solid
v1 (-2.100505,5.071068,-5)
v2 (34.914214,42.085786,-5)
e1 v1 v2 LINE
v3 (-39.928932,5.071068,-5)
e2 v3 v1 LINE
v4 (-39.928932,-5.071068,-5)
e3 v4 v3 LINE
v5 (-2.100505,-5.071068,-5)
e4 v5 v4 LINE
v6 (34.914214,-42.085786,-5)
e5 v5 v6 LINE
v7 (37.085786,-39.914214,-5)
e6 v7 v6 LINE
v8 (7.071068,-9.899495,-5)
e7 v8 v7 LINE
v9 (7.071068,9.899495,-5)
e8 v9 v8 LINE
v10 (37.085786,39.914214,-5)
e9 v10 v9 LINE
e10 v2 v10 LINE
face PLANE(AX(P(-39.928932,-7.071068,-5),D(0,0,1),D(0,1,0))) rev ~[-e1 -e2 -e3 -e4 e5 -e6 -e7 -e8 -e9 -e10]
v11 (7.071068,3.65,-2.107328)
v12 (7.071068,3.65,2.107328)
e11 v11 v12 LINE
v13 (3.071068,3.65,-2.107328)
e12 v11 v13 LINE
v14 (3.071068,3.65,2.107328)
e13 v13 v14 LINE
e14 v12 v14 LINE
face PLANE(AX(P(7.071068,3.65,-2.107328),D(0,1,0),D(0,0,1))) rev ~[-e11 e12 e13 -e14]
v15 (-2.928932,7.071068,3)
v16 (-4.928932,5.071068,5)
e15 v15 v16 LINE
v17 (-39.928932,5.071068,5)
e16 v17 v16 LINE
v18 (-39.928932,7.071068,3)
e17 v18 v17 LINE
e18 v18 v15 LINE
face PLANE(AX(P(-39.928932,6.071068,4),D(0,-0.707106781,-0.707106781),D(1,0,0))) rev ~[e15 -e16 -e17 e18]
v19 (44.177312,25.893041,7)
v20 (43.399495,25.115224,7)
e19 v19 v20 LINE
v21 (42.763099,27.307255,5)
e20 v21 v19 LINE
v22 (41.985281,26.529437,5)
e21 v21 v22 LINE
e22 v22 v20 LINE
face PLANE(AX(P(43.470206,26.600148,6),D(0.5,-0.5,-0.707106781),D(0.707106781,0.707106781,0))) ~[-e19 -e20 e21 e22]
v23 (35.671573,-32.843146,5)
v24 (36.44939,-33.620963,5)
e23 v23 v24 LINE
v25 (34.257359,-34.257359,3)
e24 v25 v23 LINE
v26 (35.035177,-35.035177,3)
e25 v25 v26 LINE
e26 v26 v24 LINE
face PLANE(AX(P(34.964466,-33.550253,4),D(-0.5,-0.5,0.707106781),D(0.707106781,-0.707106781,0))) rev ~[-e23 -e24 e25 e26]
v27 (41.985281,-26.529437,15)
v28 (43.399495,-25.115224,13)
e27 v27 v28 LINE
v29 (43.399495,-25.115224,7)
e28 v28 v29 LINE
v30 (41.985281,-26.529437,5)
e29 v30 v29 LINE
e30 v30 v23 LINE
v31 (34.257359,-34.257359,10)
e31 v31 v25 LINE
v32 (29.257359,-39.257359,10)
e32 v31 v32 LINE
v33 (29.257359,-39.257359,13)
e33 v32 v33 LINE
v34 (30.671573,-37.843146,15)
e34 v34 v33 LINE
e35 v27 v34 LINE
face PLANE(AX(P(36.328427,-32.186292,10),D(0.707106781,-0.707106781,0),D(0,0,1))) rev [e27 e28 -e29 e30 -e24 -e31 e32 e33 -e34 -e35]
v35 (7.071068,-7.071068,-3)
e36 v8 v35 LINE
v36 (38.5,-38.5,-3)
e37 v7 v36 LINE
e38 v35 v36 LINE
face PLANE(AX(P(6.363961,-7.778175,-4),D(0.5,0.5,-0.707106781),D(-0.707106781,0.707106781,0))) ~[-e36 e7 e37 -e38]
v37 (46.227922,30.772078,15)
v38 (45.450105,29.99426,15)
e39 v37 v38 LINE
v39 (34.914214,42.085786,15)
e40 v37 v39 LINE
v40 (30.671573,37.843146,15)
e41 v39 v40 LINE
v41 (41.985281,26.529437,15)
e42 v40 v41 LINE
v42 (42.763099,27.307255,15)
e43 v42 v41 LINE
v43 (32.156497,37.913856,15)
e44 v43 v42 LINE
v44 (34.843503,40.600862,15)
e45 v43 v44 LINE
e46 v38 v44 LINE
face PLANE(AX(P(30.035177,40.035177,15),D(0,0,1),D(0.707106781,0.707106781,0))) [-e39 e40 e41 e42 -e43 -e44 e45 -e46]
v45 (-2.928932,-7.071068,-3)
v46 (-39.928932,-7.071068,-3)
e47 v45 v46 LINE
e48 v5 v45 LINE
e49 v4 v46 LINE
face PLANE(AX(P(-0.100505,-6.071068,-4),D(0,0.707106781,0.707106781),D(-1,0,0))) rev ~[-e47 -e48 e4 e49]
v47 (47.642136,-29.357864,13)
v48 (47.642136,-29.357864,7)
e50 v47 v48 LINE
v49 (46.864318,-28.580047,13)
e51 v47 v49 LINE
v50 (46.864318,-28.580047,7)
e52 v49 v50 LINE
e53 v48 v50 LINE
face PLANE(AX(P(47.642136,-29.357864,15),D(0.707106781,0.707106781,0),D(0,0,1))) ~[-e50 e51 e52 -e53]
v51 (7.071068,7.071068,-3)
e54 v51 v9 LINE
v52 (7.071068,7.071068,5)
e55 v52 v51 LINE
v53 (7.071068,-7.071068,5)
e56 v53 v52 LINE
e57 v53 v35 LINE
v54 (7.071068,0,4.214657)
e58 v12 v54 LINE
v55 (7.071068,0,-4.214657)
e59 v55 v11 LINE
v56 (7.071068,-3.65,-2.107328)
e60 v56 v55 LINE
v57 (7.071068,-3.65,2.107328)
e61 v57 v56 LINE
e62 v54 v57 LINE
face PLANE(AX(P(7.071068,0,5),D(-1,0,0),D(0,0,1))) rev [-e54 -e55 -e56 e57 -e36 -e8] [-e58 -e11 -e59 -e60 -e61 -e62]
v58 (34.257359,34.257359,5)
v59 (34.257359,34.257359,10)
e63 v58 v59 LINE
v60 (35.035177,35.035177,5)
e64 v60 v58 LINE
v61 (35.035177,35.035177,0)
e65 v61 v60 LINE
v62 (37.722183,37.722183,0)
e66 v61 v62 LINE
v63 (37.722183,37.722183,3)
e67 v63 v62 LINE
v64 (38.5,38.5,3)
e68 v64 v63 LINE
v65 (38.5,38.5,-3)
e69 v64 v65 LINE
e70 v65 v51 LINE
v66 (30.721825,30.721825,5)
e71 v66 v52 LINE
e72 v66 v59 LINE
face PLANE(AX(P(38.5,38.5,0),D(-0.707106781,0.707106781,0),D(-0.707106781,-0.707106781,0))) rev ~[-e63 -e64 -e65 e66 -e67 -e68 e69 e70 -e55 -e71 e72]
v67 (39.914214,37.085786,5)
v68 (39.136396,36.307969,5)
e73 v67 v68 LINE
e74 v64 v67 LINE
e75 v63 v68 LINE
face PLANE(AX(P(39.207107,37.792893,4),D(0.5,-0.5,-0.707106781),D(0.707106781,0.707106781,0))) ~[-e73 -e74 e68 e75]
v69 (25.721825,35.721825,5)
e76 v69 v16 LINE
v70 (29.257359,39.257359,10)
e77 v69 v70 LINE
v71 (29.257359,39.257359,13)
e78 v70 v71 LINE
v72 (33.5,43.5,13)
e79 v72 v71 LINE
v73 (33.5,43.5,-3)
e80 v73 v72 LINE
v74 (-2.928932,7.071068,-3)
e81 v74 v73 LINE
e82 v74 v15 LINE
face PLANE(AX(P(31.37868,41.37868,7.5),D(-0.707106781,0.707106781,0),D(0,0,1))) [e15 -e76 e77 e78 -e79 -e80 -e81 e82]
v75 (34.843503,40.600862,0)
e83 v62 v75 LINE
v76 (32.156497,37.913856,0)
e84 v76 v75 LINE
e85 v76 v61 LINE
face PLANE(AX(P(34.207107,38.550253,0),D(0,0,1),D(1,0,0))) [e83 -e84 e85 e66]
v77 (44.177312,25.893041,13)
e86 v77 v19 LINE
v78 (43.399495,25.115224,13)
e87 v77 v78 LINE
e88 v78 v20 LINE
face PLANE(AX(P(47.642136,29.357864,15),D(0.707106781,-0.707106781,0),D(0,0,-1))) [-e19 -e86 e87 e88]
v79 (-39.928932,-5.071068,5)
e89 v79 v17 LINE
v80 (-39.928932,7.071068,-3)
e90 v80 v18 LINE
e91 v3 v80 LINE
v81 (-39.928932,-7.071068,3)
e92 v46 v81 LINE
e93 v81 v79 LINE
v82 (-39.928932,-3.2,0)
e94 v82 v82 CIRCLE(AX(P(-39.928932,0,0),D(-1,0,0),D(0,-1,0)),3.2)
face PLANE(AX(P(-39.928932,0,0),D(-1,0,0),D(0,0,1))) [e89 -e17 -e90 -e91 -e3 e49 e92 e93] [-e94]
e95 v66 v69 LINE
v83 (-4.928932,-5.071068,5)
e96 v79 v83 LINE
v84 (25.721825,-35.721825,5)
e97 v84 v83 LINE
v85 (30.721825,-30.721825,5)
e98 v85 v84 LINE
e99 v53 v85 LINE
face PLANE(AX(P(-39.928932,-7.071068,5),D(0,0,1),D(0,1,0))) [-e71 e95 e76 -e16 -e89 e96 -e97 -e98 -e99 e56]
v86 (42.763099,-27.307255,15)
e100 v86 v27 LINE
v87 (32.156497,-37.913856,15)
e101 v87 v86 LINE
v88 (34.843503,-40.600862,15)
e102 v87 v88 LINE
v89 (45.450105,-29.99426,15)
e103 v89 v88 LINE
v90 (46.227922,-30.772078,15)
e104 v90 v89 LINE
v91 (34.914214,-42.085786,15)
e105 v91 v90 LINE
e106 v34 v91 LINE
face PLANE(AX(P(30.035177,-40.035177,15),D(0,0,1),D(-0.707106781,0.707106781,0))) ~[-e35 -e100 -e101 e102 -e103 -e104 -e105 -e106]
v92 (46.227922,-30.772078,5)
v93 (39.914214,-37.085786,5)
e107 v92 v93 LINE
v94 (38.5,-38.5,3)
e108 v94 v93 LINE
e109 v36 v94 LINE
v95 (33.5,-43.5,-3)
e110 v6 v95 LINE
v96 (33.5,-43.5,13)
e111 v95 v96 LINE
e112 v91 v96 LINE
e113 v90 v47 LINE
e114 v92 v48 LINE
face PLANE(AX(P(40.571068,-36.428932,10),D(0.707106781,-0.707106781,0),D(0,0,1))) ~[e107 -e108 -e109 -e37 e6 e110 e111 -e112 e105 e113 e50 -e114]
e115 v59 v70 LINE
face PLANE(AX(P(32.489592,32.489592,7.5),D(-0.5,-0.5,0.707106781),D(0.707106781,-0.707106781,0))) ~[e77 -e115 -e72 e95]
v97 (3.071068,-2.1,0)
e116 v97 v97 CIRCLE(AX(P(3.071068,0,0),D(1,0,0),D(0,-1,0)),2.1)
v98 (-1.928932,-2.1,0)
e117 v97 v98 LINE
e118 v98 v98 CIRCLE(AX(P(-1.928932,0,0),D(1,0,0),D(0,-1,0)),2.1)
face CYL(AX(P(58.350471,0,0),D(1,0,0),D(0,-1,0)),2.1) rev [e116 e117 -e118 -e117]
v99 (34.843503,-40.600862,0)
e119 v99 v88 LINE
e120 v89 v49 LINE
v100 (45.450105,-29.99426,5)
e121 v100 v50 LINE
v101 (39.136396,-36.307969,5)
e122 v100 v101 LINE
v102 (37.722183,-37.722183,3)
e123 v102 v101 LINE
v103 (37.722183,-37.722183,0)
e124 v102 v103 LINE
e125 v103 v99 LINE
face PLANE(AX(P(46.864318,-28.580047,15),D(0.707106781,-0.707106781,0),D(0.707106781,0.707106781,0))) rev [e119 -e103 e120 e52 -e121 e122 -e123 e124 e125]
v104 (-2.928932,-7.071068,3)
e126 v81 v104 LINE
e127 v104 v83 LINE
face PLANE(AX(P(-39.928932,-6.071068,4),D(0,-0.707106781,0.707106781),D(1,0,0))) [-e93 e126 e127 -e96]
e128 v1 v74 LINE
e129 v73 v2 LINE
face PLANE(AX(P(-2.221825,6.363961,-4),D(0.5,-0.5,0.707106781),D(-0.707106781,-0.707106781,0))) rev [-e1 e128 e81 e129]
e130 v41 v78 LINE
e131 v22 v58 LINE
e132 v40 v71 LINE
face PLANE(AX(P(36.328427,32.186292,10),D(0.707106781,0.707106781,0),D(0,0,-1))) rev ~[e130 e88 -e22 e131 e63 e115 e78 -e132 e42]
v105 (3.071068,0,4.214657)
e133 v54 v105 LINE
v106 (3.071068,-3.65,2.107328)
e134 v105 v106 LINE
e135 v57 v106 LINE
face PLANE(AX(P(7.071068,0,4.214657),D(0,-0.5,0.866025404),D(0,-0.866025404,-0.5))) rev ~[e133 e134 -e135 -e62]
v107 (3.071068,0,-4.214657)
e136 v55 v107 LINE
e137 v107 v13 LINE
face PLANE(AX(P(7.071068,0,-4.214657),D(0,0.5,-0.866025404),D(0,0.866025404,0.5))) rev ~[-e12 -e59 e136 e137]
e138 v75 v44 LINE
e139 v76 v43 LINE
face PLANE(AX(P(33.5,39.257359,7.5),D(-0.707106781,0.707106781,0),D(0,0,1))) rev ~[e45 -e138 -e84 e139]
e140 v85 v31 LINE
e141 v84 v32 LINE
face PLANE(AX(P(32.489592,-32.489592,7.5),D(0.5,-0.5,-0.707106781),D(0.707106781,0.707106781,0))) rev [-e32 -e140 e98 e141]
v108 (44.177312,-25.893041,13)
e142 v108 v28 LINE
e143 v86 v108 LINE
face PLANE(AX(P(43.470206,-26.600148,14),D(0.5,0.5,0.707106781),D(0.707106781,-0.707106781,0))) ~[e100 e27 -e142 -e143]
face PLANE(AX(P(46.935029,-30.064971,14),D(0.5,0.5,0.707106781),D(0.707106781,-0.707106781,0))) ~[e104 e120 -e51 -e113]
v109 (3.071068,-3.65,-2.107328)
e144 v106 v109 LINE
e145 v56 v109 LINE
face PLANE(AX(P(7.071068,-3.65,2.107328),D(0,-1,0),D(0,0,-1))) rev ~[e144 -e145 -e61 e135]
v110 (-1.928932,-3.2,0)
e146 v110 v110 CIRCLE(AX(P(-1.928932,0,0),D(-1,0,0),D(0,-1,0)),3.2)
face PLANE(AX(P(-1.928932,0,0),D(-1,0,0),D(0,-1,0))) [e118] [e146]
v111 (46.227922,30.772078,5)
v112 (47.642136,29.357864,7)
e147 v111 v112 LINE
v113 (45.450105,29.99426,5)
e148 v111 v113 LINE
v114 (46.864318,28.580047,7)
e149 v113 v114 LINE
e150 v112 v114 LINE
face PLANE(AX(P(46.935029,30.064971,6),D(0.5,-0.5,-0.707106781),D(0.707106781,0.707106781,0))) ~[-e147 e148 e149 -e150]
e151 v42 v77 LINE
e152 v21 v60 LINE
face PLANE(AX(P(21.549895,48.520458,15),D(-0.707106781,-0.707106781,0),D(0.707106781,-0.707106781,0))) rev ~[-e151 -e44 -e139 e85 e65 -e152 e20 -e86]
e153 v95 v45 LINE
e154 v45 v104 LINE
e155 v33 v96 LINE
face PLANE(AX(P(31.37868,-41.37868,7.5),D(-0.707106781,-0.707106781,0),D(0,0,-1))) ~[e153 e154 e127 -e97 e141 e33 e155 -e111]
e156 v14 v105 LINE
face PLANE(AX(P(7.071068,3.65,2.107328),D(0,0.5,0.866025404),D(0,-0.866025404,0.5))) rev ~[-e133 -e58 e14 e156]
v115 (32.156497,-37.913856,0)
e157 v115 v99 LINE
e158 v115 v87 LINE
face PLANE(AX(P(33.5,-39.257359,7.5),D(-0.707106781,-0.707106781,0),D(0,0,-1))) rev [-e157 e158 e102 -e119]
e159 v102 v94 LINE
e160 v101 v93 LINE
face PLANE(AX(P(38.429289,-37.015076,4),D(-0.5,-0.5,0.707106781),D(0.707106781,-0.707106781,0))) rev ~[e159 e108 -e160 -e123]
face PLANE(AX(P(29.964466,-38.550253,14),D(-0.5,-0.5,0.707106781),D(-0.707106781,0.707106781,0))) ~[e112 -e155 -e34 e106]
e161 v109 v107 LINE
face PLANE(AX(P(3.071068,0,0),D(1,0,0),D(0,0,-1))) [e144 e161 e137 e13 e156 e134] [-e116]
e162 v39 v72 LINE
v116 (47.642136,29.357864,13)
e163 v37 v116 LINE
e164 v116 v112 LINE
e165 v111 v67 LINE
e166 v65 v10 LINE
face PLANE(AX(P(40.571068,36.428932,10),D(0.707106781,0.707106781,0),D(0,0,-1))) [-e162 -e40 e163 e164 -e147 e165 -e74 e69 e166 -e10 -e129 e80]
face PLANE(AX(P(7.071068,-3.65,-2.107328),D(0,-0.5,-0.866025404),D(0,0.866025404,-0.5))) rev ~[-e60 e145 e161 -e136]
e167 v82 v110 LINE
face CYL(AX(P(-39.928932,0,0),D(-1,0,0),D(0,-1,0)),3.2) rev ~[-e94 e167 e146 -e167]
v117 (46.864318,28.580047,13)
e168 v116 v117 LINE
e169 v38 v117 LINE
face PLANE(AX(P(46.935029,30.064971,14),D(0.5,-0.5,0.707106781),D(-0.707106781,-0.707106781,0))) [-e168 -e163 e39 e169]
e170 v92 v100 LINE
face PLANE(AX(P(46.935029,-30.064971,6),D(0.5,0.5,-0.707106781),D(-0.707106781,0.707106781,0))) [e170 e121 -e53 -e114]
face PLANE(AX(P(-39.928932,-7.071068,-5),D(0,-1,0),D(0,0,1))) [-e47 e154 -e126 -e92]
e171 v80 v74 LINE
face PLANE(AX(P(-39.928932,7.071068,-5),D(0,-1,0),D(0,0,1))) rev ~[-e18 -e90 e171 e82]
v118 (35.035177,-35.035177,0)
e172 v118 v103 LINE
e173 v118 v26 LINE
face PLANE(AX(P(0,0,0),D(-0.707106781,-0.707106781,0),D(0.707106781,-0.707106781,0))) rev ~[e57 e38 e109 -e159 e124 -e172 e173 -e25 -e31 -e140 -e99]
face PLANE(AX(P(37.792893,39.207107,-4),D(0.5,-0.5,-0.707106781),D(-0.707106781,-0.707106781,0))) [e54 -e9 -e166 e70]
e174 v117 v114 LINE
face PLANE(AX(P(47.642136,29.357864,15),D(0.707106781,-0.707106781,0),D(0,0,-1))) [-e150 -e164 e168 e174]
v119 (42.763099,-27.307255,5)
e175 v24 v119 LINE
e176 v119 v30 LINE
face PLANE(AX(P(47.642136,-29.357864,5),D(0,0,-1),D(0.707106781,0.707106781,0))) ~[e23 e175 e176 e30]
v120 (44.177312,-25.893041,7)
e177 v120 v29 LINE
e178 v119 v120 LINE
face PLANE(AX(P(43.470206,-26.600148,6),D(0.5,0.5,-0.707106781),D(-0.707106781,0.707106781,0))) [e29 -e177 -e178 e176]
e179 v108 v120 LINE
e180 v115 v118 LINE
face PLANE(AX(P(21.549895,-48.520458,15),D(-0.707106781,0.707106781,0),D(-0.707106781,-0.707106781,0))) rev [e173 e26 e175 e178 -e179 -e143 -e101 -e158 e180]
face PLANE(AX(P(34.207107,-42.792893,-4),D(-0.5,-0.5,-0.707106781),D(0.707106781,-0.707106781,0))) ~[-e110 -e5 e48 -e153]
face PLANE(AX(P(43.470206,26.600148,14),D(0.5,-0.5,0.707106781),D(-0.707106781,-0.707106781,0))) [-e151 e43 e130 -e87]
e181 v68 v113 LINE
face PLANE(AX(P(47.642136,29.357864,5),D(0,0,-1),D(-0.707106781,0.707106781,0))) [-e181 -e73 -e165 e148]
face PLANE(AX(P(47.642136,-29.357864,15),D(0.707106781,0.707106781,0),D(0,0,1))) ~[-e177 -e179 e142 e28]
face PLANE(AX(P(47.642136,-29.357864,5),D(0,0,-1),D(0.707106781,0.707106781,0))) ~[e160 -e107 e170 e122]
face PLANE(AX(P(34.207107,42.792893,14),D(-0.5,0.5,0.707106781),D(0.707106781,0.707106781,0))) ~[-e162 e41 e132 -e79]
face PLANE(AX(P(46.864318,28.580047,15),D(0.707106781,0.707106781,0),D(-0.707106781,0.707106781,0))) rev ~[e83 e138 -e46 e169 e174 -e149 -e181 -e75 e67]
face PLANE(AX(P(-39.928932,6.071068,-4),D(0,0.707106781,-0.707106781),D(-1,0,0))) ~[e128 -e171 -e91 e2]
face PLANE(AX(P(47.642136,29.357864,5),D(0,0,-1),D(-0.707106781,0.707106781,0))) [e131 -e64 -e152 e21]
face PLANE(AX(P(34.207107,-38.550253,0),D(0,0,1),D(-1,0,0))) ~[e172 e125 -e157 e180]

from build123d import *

# Parameters (mm, degrees)
EXTRUDE_1_DEPTH          = 5
CHAMFER_1_SIZE           = 10
CUT_EXTRUDE_1_DEPTH      = 61.279402969
CUT_EXTRUDE_1_DEPTH_BACK = 61.279402969
SKETCH_2_R               = 2.1
EXTRUDE_START            = 37
SKETCH_3_W               = 10
SKETCH_3_H               = 14.142135624
SKETCH_3_R               = 2.1
EXTRUDE_2_DEPTH          = 37
SKETCH_4_W               = 10
SKETCH_4_H               = 20
EXTRUDE_3_DEPTH          = 6
SKETCH_6_W               = 10
SKETCH_6_H               = 32
EXTRUDE_5_DEPTH          = 6
CUT_EXTRUDE_2_DEPTH      = 15
CUT_EXTRUDE_3_DEPTH      = 72.219678224
SKETCH_10_W              = 15
SKETCH_10_H              = 3.8
EXTRUDE_6_DEPTH          = 3
CHAMFER_2_SIZE           = 2
CHAMFER_3_SIZE           = 2
CHAMFER_4_SIZE           = 5
CHAMFER_5_SIZE           = 2
SKETCH_12_R              = 3.2
CUT_EXTRUDE_4_DEPTH      = 38
CUT_EXTRUDE_5_DEPTH      = 4


with BuildPart() as part:
    # 草图1 → 凸台-拉伸1 (new, symmetric)
    with BuildSketch(Plane.XY):
        Polygon((-10, 0), (33.5, 43.5), (38.5, 38.5), (0, 0), (38.5, -38.5), (33.5, -43.5), align=None)
    extrude(amount=EXTRUDE_1_DEPTH, both=True)

    # 倒角1
    chamfer_1_edges = [part.edges().sort_by_distance(p)[0] for p in [
        (-10, 0, 0),
        (0, 0, 0),
    ]]
    chamfer(chamfer_1_edges, length=CHAMFER_1_SIZE)

    # 草图2 → 切除-拉伸1 (cut, two sides: drawn at the far end of the back side and taken through both)
    with BuildSketch(Plane.ZY.offset(2.928932188).offset(-CUT_EXTRUDE_1_DEPTH_BACK)):
        with Locations(Location((0, 0, 0), (0, 0, 270))):
            Circle(SKETCH_2_R)
    extrude(amount=CUT_EXTRUDE_1_DEPTH + CUT_EXTRUDE_1_DEPTH_BACK, mode=Mode.SUBTRACT)

    # 草图3 → 凸台-拉伸2 (add)
    with BuildSketch(Plane.ZY.offset(2.928932188).offset(EXTRUDE_START)):
        Rectangle(SKETCH_3_W, SKETCH_3_H)
        with Locations(Location((0, 0, 0), (0, 0, 270))):
            Circle(SKETCH_3_R, mode=Mode.SUBTRACT)
    extrude(amount=-EXTRUDE_2_DEPTH)

    # 草图4 → 凸台-拉伸3 (add)
    with BuildSketch(Plane(origin=(38.5, 38.5, 0), x_dir=(0, 0, -1), z_dir=(0.7071067811865467, 0.7071067811865485, 0))):
        with Locations((-10, -2.928932188)):
            Rectangle(SKETCH_4_W, SKETCH_4_H)
    extrude_3 = extrude(amount=-EXTRUDE_3_DEPTH)

    # 草图6 → 凸台-拉伸5 (add)
    with BuildSketch(Plane(origin=(38.5, 38.5, 0), x_dir=(0, 0, -1), z_dir=(0.7071067811865467, 0.7071067811865485, 0))):
        with Locations((-10, 3.071067812)):
            Rectangle(SKETCH_6_W, SKETCH_6_H)
    extrude_5 = extrude(amount=-EXTRUDE_5_DEPTH)

    # 草图8 → 切除-拉伸2 (cut)
    with BuildSketch(Plane.XY.offset(15)):
        Polygon((21.549895398, 48.520458146), (44.177312396, 25.893041148), (46.864318164, 28.580046917), (24.236901166, 51.207463915), align=None)
    cut_extrude_2 = extrude(amount=-CUT_EXTRUDE_2_DEPTH, mode=Mode.SUBTRACT)

    # 草图9 → 切除-拉伸3 (cut, through all)
    with BuildSketch(Plane(origin=(0, 0, 5), x_dir=(-1, 0, 0), z_dir=(0, 0, -1))):
        Polygon((-32.722182541, 42.722182541), (-24.236901166, 51.207463915), (-25.014718626, 51.985281374), (-33.5, 43.5), align=None)
        Polygon((-21.549895398, 48.520458146), (-30.035176772, 40.035176772), (-29.257359313, 39.257359313), (-20.772077939, 47.742640687), align=None)
    cut_extrude_3 = extrude(amount=-CUT_EXTRUDE_3_DEPTH, mode=Mode.SUBTRACT)

    # 草图10 → 凸台-拉伸6 (add)
    with BuildSketch(Plane(origin=(-5, 5, 0), x_dir=(0, 0, 1), z_dir=(-0.7071067811865487, 0.7071067811865465, 0))):
        with Locations((7.5, 51.447222151)):
            Rectangle(SKETCH_10_W, SKETCH_10_H)
    extrude_6 = extrude(amount=-EXTRUDE_6_DEPTH)

    # 倒角2
    chamfer_2_edges = [part.edges().sort_by_distance(p)[0] for p in [
        (47.253226894, 28.968955647, 15),
        (31.378679656, 41.378679656, 15),
        (22.785533906, 22.785533906, -5),
        (43.788403666, 25.504132419, 5),
        (43.788403666, 25.504132419, 15),
        (15.285533906, 25.285533906, -5),
        (38.11109127, 38.11109127, 5),
        (47.253226894, 28.968955647, 5),
    ]]
    chamfer(chamfer_2_edges, length=CHAMFER_2_SIZE)

    # 镜向1: 凸台-拉伸3, 凸台-拉伸5, 切除-拉伸2, 切除-拉伸3, 凸台-拉伸6 across plane
    add(extrude_3.mirror(Plane.ZX))
    add(extrude_5.mirror(Plane.ZX))
    add(cut_extrude_2.mirror(Plane.ZX), mode=Mode.SUBTRACT)
    add(cut_extrude_3.mirror(Plane.ZX), mode=Mode.SUBTRACT)
    add(extrude_6.mirror(Plane.ZX))

    # 倒角3
    chamfer_3_edges = [part.edges().sort_by_distance(p)[0] for p in [
        (38.11109127, -38.11109127, 5),
        (15.285533906, -25.285533906, -5),
        (43.788403666, -25.504132419, 5),
        (43.788403666, -25.504132419, 15),
        (34.646268043, -34.646268043, 5),
        (47.253226894, -28.968955647, 5),
        (47.253226894, -28.968955647, 15),
        (31.378679656, -41.378679656, 15),
        (22.785533906, -22.785533906, -5),
    ]]
    chamfer(chamfer_3_edges, length=CHAMFER_3_SIZE)

    # 倒角4
    chamfer_4_edges = [part.edges().sort_by_distance(p)[0] for p in [
        (31.757359313, -36.757359313, 5),
        (31.757359313, 36.757359313, 5),
    ]]
    chamfer(chamfer_4_edges, length=CHAMFER_4_SIZE)

    # 倒角5
    chamfer_5_edges = [part.edges().sort_by_distance(p)[0] for p in [
        (-20.014718626, -7.071067812, -5),
        (-20.014718626, 7.071067812, -5),
        (-21.428932188, -7.071067812, 5),
        (-21.428932188, 7.071067812, 5),
    ]]
    chamfer(chamfer_5_edges, length=CHAMFER_5_SIZE)

    # 草图12 → 切除-拉伸4 (cut)
    with BuildSketch(Plane.ZY.offset(39.928932188)):
        with Locations(Location((0, 0, 0), (0, 0, 270))):
            Circle(SKETCH_12_R)
    extrude(amount=-CUT_EXTRUDE_4_DEPTH, mode=Mode.SUBTRACT)

    # 草图13 → 切除-拉伸5 (cut)
    with BuildSketch(Plane(origin=(7.071067812, 0, 0), x_dir=(0, 0, -1), z_dir=(1, 0, 0))):
        Polygon((2.107328483, -3.65), (4.214656965, 0), (2.107328483, 3.65), (-2.107328483, 3.65), (-4.214656965, 0), (-2.107328483, -3.65), align=None)
    extrude(amount=-CUT_EXTRUDE_5_DEPTH, mode=Mode.SUBTRACT)


solid = part.part
